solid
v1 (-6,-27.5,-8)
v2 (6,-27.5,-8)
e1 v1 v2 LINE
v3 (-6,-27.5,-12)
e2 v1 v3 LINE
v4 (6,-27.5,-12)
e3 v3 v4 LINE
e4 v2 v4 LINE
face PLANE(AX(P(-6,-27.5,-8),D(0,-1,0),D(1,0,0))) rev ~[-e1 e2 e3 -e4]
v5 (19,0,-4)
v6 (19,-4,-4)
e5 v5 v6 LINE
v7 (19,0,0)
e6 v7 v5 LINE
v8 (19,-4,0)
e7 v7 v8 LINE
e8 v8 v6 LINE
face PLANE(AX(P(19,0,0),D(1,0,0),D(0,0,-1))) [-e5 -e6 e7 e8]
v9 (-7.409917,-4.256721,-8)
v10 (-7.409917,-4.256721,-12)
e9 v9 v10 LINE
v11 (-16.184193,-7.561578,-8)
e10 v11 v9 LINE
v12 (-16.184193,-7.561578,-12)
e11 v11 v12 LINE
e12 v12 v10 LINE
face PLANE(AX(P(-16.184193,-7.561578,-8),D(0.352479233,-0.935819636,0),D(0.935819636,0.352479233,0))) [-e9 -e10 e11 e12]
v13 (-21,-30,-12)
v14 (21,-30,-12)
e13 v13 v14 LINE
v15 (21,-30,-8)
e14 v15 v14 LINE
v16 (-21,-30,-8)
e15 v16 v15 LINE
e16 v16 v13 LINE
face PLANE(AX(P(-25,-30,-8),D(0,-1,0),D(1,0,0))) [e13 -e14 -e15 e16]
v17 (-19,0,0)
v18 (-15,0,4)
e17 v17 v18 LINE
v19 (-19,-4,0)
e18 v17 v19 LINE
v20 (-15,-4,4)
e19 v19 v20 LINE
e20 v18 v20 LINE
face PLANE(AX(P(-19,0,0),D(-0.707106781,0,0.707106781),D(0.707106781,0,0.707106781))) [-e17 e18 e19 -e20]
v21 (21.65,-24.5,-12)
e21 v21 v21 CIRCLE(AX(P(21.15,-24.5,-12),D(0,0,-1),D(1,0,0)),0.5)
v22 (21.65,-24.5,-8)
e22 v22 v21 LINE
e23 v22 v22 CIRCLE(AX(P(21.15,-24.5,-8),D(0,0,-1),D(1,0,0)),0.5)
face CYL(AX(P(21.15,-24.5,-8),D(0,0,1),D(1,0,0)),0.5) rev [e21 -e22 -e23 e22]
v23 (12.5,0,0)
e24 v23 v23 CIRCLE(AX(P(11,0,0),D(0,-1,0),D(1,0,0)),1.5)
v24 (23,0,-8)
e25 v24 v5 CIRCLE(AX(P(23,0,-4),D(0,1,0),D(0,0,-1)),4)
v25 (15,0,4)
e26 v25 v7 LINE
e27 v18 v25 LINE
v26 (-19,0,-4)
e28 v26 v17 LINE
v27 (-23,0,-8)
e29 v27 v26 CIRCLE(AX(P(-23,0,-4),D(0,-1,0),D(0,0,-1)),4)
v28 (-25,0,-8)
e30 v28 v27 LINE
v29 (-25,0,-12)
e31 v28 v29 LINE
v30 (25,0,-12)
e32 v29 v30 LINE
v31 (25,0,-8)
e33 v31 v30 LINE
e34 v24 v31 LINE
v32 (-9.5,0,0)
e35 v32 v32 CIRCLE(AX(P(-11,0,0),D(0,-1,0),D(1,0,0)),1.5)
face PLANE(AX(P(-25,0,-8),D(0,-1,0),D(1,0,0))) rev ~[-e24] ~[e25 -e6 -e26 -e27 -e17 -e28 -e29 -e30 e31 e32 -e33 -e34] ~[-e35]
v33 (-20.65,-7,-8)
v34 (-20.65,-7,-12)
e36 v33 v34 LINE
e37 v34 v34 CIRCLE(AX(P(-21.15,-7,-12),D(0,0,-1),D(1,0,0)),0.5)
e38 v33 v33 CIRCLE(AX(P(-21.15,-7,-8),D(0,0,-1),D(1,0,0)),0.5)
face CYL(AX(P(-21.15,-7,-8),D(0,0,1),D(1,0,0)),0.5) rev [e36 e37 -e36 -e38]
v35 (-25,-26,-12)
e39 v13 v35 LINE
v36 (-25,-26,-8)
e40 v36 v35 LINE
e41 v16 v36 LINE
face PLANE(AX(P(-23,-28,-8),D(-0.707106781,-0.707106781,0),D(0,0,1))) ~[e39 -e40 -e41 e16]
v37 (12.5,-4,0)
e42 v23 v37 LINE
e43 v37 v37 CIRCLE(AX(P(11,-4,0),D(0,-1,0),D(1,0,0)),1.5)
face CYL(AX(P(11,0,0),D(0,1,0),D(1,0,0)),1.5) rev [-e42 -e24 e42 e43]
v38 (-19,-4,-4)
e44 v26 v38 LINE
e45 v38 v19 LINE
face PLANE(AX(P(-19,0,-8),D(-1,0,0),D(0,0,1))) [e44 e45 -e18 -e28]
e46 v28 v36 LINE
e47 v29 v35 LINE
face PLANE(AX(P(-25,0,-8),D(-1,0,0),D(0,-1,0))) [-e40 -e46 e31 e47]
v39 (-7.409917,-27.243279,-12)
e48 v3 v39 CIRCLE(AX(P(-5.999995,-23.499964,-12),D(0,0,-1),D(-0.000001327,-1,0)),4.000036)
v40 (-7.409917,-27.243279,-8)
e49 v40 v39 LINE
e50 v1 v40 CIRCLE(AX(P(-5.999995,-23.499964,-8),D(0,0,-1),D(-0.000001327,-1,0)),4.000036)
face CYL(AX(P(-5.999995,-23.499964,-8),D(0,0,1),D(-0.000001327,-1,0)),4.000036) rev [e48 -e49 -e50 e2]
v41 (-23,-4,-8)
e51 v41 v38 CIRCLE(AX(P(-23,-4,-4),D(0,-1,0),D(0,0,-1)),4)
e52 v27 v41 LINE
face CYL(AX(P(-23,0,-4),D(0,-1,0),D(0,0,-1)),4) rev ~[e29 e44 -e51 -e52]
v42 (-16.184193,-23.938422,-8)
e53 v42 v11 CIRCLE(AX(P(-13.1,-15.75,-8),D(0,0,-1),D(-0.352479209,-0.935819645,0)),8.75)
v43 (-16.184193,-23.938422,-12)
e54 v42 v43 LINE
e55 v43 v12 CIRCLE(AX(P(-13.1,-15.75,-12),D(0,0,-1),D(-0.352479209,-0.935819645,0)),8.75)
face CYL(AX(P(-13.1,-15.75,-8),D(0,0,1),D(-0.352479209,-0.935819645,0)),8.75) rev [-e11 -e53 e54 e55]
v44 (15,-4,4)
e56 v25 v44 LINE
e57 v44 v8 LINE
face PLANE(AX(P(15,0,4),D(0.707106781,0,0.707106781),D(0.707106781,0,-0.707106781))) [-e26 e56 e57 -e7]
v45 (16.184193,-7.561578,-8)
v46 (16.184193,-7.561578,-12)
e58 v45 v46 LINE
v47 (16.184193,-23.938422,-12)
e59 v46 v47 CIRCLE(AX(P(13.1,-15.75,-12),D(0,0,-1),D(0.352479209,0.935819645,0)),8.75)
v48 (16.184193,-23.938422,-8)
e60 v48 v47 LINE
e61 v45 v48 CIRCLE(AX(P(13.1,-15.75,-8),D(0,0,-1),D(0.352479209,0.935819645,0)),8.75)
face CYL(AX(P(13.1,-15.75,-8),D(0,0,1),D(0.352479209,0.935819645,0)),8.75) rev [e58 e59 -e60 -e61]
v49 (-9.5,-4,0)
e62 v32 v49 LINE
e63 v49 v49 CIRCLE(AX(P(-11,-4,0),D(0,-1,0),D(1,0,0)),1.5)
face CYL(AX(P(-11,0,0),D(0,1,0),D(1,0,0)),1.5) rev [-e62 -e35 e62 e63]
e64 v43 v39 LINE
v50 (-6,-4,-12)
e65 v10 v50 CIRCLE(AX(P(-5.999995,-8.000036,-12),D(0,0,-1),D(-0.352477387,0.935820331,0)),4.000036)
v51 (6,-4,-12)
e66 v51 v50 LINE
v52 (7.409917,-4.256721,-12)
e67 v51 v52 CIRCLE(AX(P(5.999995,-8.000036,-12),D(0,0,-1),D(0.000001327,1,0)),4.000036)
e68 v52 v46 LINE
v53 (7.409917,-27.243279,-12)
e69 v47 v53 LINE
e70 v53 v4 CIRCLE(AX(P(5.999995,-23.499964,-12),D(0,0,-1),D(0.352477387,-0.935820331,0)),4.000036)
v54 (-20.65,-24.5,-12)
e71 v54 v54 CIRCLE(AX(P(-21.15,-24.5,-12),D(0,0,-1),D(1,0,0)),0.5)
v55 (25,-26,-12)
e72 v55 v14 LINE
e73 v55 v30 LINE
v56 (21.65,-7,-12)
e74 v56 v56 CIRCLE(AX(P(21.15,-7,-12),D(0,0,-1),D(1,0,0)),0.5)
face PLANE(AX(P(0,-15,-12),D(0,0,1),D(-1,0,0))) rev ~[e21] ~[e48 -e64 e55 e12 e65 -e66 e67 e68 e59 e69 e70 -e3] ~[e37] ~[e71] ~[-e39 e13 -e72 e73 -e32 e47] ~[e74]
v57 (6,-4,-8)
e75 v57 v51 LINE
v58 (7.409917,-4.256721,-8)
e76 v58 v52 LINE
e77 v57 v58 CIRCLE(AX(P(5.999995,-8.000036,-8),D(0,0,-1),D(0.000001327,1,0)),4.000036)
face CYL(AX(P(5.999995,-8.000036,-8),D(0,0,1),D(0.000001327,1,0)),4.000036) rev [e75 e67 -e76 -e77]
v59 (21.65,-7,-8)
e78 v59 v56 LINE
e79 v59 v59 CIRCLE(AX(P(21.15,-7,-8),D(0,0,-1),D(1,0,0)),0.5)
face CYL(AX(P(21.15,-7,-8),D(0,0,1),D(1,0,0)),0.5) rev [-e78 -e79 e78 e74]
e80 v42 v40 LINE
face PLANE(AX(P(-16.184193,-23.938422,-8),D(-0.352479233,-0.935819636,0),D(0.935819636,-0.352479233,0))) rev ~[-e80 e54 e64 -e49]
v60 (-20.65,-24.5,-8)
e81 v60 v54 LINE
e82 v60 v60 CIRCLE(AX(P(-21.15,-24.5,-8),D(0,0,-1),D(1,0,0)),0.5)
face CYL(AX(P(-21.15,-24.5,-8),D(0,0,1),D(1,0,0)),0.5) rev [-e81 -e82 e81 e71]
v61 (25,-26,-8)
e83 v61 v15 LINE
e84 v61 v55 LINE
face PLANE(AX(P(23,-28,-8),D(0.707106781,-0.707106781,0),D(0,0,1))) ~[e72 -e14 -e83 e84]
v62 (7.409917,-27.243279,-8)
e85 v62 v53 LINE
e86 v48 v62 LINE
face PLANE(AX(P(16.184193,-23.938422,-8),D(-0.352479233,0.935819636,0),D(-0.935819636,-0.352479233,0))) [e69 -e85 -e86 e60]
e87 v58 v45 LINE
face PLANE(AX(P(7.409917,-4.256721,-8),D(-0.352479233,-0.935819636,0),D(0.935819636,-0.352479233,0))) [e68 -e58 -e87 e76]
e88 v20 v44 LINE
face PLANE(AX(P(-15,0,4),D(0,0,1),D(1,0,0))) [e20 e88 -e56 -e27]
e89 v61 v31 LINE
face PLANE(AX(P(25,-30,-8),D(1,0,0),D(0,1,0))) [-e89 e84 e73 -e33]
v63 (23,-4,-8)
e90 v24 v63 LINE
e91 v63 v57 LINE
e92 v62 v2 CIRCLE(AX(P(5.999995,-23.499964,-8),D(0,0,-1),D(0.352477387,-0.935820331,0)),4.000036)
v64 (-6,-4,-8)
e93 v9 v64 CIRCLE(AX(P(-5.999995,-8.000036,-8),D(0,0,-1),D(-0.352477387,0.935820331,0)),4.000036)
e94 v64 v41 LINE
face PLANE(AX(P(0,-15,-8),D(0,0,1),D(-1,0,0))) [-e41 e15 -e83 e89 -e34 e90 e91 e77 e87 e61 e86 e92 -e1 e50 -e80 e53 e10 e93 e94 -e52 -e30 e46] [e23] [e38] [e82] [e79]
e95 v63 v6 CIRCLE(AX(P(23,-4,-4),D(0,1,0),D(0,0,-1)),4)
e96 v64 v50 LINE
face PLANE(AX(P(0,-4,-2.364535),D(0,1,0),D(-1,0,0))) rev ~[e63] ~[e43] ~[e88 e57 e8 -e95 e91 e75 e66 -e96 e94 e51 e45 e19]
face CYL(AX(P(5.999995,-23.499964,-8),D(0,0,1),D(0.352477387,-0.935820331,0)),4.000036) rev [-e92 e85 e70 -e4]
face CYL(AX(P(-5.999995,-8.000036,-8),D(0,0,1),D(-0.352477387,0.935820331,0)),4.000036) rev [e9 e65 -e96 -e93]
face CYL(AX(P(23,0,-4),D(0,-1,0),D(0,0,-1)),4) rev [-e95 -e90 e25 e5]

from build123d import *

# Parameters (mm, degrees)
SKETCH_R             = 1.5
PAD_DEPTH            = 4
SKETCH001_R          = 0.5
PAD001_DEPTH         = 4
FILLET_R             = 4
CHAMFER_SIZE         = 4
BODY_PLACEMENT_ANGLE = 90


with BuildPart() as part:
    # Sketch → Pad (new body)
    with BuildSketch(Plane.XY):
        Polygon((-15, 4), (15, 4), (19, 0), (19, -8), (-19, -8), (-19, 0), align=None)
        with Locations((-11, 0)):
            Circle(SKETCH_R, mode=Mode.SUBTRACT)
        with Locations((11, 0)):
            Circle(SKETCH_R, mode=Mode.SUBTRACT)
    extrude(amount=PAD_DEPTH)

    # Sketch001 (on Face2 of Pad) → Pad001 (join)
    with BuildSketch(Plane.XZ.offset(8)):
        Polygon((-25, 30), (25, 30), (25, 0), (0, 0), (-25, 0), align=None)
        with Locations((-21.15, 24.5)):
            Circle(SKETCH001_R, mode=Mode.SUBTRACT)
        with Locations((-21.15, 7)):
            Circle(SKETCH001_R, mode=Mode.SUBTRACT)
        with Locations((21.15, 7)):
            Circle(SKETCH001_R, mode=Mode.SUBTRACT)
        with Locations((21.15, 24.5)):
            Circle(SKETCH001_R, mode=Mode.SUBTRACT)
        with BuildLine():
            ThreePointArc((-16.184193, 23.938422), (-21.85, 15.75), (-16.184193, 7.561578))
            Line((-16.184193, 7.561578), (-7.409917, 4.256721))
            ThreePointArc((-7.409917, 4.256721), (-6.716549, 4.064704), (-6, 4))
            Line((-6, 4), (0, 4))
            Line((6, 4), (0, 4))
            ThreePointArc((6, 4), (6.716549, 4.064704), (7.409917, 4.256721))
            Line((7.409917, 4.256721), (16.184193, 7.561578))
            ThreePointArc((16.184193, 7.561578), (21.85, 15.75), (16.184193, 23.938422))
            Line((16.184193, 23.938422), (7.409917, 27.243279))
            ThreePointArc((7.409917, 27.243279), (6.716549, 27.435296), (6, 27.5))
            Line((0, 27.5), (6, 27.5))
            Line((-6, 27.5), (0, 27.5))
            ThreePointArc((-6, 27.5), (-6.716549, 27.435296), (-7.409917, 27.243279))
            Line((-16.184193, 23.938422), (-7.409917, 27.243279))
        make_face(mode=Mode.SUBTRACT)
    extrude(amount=PAD001_DEPTH)

    # Fillet
    fillet_edges = [part.edges().sort_by_distance(p)[0] for p in [
        (19, -8, 2),
        (-19, -8, 2),
    ]]
    fillet(fillet_edges, radius=FILLET_R)

    # Chamfer
    chamfer_edges = [part.edges().sort_by_distance(p)[0] for p in [
        (-25, -10, 30),
        (25, -10, 30),
    ]]
    chamfer(chamfer_edges, length=CHAMFER_SIZE)


with BuildPart() as part_1:
    # Body placement: moved
    add(part.part.rotate(Axis((0, 0, 0), (1, 0, 0)), BODY_PLACEMENT_ANGLE))


solid = part_1.part
